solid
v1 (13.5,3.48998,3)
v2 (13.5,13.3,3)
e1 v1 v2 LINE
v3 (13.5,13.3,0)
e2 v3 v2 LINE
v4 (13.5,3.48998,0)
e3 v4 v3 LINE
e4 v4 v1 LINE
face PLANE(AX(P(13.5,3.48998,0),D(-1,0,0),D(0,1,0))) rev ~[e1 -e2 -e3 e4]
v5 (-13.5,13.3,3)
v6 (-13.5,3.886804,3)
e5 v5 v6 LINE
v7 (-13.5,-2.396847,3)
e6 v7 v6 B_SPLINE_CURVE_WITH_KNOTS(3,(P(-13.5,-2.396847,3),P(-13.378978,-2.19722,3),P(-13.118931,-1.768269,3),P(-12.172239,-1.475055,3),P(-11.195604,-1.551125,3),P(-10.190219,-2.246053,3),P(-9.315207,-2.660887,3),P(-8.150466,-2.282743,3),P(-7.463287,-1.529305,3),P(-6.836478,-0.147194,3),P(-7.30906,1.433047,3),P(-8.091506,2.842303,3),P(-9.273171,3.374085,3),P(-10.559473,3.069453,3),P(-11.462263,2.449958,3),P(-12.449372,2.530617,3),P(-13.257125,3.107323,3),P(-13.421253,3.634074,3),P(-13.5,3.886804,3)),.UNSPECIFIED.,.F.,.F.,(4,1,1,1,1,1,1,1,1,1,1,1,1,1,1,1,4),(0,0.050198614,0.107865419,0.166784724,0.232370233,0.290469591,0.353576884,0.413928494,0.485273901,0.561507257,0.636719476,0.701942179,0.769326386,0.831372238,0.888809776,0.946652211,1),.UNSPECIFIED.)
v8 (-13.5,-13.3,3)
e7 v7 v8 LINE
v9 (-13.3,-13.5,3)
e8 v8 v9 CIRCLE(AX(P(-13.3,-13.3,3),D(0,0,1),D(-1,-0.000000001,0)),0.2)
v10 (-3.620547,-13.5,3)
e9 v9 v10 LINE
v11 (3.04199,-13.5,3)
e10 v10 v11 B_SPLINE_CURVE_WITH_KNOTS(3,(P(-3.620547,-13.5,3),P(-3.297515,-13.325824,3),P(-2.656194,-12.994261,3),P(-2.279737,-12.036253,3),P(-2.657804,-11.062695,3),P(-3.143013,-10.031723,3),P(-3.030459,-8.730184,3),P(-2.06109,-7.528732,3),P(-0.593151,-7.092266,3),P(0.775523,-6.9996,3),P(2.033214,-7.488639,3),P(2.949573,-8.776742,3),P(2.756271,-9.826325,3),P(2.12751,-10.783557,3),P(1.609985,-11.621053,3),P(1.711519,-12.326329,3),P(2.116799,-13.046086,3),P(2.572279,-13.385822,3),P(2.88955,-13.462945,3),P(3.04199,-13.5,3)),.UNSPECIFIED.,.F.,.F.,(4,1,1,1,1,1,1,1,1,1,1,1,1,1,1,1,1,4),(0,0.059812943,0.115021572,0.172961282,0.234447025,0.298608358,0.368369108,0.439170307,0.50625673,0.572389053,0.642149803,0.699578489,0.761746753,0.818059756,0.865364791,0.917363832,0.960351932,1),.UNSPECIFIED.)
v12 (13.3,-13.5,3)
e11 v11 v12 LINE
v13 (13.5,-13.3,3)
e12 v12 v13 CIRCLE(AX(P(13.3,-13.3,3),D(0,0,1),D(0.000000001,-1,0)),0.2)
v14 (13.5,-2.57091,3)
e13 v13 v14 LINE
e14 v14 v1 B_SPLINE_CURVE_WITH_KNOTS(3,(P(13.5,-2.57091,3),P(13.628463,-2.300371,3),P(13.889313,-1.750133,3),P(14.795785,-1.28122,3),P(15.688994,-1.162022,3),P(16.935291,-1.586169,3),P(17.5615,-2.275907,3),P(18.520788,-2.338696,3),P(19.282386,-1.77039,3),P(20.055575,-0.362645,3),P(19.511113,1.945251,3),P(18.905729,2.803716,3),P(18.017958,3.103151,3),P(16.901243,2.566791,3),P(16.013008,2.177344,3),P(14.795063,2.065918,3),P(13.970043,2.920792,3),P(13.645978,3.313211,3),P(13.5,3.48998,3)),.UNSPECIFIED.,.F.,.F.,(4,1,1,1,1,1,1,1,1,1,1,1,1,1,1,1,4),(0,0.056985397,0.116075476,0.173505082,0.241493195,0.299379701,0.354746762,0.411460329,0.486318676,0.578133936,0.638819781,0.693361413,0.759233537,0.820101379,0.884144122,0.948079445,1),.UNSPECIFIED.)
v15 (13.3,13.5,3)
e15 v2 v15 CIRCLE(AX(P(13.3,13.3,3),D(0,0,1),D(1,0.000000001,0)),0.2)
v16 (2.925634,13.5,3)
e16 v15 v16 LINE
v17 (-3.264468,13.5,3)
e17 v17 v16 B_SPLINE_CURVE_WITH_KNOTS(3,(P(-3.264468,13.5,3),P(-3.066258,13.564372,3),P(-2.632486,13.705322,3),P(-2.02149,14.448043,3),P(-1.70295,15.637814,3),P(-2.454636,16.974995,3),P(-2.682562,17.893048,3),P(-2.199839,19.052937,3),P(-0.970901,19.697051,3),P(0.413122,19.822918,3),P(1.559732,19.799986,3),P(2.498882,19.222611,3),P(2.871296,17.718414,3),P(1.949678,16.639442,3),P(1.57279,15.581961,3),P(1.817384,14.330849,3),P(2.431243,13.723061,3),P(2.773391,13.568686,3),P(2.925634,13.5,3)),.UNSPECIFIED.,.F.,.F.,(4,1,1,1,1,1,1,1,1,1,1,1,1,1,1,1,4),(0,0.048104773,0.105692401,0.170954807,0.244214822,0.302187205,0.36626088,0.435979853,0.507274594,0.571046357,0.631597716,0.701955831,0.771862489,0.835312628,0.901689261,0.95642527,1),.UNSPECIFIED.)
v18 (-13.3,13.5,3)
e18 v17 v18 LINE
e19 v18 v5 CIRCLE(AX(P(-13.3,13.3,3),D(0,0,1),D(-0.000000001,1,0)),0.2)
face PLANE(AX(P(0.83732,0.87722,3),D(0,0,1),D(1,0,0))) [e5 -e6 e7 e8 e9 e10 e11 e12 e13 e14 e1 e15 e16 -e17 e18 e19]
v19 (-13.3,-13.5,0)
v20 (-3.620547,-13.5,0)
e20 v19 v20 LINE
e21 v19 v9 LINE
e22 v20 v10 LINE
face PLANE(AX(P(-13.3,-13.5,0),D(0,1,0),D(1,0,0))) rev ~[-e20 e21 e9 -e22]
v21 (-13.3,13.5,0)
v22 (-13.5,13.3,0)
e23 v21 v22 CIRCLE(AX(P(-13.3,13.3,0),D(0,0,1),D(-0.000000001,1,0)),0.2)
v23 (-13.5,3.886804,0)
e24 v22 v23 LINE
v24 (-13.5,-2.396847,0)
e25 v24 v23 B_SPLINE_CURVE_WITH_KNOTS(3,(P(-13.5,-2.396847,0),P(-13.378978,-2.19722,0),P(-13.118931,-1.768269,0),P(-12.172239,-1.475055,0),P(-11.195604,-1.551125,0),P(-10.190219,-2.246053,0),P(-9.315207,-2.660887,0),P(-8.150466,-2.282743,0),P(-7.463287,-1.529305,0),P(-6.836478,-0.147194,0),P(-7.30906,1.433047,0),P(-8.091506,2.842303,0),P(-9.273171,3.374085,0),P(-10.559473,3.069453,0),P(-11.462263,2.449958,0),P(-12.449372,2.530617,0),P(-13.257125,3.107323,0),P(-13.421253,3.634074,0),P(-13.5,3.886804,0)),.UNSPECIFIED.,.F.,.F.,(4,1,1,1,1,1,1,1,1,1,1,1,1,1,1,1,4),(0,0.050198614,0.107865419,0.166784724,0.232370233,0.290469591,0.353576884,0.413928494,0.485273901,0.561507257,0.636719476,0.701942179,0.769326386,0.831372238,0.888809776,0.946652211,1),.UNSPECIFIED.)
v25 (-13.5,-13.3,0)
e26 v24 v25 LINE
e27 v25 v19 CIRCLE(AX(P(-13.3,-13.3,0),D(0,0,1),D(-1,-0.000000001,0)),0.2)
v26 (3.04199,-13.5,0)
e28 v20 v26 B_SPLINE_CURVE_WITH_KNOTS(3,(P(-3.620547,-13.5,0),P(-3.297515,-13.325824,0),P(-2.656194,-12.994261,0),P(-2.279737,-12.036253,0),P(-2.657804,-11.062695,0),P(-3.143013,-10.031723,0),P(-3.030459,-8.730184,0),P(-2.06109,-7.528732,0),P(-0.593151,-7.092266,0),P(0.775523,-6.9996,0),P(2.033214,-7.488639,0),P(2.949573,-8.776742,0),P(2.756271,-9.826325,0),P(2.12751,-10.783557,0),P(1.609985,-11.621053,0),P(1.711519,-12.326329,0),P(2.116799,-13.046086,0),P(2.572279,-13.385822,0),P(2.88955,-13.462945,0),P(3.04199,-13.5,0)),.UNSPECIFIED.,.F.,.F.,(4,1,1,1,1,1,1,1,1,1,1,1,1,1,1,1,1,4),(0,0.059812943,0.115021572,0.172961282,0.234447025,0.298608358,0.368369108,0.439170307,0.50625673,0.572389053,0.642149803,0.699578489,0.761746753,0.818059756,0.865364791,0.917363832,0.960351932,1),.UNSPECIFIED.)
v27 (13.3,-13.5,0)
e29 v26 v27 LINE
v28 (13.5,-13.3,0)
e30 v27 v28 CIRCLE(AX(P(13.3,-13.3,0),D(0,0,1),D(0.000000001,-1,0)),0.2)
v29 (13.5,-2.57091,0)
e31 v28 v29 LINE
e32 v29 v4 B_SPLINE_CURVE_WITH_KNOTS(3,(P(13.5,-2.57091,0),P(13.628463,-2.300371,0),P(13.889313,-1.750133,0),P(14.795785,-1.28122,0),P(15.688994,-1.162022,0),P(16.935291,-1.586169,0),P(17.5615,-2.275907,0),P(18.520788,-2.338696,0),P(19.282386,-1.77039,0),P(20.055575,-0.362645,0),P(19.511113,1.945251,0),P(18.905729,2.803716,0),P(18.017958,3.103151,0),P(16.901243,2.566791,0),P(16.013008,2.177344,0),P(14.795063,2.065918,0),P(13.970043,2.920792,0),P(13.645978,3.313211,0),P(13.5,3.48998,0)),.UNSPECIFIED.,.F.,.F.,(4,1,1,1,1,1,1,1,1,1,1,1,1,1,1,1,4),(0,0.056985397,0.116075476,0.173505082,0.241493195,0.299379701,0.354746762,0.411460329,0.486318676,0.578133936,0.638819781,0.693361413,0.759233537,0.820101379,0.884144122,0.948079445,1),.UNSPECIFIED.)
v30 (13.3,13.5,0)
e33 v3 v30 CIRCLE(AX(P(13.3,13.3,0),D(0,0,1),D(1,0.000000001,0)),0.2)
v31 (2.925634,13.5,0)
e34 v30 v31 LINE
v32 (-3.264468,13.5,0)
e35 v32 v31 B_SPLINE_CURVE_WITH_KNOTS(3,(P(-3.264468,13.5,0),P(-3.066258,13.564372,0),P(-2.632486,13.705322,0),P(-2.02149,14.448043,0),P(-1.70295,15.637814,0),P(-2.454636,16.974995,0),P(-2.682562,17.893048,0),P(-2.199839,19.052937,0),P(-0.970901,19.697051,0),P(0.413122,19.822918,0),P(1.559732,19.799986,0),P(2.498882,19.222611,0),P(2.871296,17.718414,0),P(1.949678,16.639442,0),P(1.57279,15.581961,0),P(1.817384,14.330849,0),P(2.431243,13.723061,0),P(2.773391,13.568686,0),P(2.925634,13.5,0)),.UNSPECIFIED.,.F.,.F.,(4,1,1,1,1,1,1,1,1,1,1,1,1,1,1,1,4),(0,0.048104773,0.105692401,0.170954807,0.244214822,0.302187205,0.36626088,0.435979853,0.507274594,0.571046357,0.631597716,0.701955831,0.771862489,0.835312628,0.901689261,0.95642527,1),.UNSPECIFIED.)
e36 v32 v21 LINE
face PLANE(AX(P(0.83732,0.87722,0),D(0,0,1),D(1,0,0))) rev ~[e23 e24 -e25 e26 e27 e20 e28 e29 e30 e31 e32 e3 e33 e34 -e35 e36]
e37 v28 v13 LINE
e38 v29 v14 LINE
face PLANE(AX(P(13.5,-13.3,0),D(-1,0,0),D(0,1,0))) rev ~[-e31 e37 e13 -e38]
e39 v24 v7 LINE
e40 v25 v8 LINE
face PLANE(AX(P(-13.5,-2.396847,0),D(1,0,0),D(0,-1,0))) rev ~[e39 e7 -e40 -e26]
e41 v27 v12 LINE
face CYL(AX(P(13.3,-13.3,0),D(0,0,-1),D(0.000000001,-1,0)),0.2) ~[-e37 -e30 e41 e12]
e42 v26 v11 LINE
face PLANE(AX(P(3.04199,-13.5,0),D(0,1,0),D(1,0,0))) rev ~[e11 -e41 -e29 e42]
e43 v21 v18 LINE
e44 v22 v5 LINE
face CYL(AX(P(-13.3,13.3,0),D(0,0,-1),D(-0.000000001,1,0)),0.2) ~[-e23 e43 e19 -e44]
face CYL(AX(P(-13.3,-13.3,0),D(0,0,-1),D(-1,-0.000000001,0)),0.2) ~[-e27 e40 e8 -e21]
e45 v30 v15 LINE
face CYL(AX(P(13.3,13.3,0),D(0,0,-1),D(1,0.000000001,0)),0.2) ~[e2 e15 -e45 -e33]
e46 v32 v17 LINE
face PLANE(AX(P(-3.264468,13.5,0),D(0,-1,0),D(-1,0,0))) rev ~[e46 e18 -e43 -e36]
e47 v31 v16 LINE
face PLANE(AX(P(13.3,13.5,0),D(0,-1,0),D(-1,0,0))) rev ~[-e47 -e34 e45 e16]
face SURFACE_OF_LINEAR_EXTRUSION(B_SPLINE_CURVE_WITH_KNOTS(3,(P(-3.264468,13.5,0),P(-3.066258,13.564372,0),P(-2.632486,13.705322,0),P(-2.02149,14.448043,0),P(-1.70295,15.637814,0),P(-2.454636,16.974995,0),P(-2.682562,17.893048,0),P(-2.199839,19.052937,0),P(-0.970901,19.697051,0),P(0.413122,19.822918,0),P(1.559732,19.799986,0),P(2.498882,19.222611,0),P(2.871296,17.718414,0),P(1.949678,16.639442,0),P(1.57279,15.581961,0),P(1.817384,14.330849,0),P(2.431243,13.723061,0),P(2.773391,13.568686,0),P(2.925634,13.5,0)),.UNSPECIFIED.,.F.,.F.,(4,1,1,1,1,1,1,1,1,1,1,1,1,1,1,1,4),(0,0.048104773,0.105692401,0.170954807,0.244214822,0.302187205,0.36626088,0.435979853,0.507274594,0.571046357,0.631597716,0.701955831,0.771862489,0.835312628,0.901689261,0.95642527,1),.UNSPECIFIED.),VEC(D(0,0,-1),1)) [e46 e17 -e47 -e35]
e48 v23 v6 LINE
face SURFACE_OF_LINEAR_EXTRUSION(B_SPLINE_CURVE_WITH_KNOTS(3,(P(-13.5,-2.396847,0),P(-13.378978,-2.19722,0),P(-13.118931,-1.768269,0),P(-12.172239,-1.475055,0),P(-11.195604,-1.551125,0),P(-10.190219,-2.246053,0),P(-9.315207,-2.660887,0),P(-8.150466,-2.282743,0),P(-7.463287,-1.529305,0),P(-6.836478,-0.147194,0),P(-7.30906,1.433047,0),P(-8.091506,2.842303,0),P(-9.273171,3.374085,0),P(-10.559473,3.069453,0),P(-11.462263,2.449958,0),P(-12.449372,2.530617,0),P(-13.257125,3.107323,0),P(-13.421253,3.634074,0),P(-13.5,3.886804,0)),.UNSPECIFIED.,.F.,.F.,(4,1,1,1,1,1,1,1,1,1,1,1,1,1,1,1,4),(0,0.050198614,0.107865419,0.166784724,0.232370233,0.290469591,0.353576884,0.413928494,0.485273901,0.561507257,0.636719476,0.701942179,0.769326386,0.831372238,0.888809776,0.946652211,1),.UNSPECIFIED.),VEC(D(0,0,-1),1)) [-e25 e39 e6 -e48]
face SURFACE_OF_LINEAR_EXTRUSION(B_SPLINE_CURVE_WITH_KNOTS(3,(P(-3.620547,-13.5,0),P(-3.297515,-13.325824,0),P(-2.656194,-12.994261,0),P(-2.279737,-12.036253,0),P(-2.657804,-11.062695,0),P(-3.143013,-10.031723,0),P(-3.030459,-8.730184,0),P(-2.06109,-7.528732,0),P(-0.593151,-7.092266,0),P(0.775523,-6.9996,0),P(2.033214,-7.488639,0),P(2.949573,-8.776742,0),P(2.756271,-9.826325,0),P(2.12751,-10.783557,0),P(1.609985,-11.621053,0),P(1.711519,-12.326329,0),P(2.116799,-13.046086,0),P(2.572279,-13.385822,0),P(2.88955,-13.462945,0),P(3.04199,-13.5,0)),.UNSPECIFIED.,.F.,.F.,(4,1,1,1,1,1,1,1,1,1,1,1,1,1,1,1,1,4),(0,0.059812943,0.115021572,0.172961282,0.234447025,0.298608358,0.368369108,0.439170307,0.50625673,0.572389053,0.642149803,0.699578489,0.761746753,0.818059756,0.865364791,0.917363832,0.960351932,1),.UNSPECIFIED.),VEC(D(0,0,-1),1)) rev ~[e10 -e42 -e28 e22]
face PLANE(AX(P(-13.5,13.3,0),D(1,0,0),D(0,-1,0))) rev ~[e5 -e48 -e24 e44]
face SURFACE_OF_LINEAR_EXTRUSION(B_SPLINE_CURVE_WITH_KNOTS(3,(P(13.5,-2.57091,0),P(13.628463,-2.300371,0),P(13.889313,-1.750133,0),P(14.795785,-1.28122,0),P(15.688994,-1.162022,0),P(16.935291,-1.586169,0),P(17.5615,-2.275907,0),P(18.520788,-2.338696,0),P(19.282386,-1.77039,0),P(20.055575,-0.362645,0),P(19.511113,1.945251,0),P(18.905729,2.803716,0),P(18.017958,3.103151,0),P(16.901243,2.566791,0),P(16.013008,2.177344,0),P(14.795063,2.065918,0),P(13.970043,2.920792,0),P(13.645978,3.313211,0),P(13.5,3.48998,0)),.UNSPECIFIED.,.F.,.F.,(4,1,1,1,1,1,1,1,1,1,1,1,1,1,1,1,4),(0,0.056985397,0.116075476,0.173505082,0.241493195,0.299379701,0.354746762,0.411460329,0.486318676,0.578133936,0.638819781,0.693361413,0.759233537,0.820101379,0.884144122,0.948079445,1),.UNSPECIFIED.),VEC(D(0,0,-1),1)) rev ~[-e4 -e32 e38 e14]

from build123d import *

# Parameters (mm, degrees)
F1_DEPTH = 3


with BuildPart() as f1:
    # F0 (on Top) → F1 (new body)
    with BuildSketch(Plane.XY):
        with BuildLine():
            ThreePointArc((13.5, 13.3), (13.4414213562, 13.4414213562), (13.3, 13.5))
            Line((13.3, 13.5), (2.9256343842, 13.5))
            add(Edge.make_bspline(
                [(-3.2644683961, 13.5), (-3.0662583303, 13.5643722856), (-2.6324860948, 13.7053217975), (-2.0214898286, 14.4480430011), (-1.7029504095, 15.6378141853), (-2.454635947, 16.9749947252), (-2.6825620876, 17.8930480594), (-2.1998393302, 19.0529371989), (-0.9709012497, 19.6970512849), (0.4131217639, 19.8229181104), (1.5597323958, 19.7999856425), (2.4988822823, 19.222611148), (2.8712958256, 17.718413716), (1.9496781128, 16.6394424874), (1.5727900913, 15.5819611572), (1.8173841083, 14.3308485023), (2.4312427486, 13.7230605422), (2.7733910569, 13.5686859722), (2.9256343842, 13.5)],
                knots=[0, 0, 0, 0, 0.0481047731, 0.1056924007, 0.1709548073, 0.2442148218, 0.3021872049, 0.3662608804, 0.4359798529, 0.5072745935, 0.5710463572, 0.6315977165, 0.7019558313, 0.771862489, 0.8353126276, 0.901689261, 0.9564252703, 1, 1, 1, 1], degree=3))
            Line((-3.2644683961, 13.5), (-13.3, 13.5))
            ThreePointArc((-13.3, 13.5), (-13.4414213562, 13.4414213562), (-13.5, 13.3))
            Line((-13.5, 13.3), (-13.5, 3.886803519))
            add(Edge.make_bspline(
                [(-13.5, -2.3968466558), (-13.3789784649, -2.1972202768), (-13.1189306765, -1.7682685345), (-12.1722390274, -1.4750552096), (-11.1956038033, -1.5511248412), (-10.1902186005, -2.246052558), (-9.3152066502, -2.6608872228), (-8.1504660707, -2.2827425138), (-7.4632869083, -1.5293052696), (-6.8364784933, -0.147193507), (-7.3090602774, 1.4330470181), (-8.091505777, 2.8423030328), (-9.2731709944, 3.3740848305), (-10.5594727406, 3.0694529115), (-11.4622628933, 2.4499575795), (-12.4493716192, 2.5306165867), (-13.2571252505, 3.107323326), (-13.4212532671, 3.634074412), (-13.5, 3.886803519)],
                knots=[0, 0, 0, 0, 0.0501986144, 0.1078654194, 0.1667847244, 0.2323702335, 0.2904695912, 0.3535768836, 0.4139284941, 0.4852739012, 0.5615072568, 0.636719476, 0.7019421789, 0.7693263861, 0.8313722384, 0.8888097761, 0.9466522106, 1, 1, 1, 1], degree=3))
            Line((-13.5, -2.3968466558), (-13.5, -13.3))
            ThreePointArc((-13.5, -13.3), (-13.4414213562, -13.4414213562), (-13.3, -13.5))
            Line((-13.3, -13.5), (-3.6205472425, -13.5))
            add(Edge.make_bspline(
                [(-3.6205472425, -13.5), (-3.2975146167, -13.3258239693), (-2.6561943668, -12.994260843), (-2.2797365706, -12.0362531682), (-2.6578044293, -11.0626950095), (-3.1430128025, -10.0317229999), (-3.0304591906, -8.7301835607), (-2.0610902167, -7.5287321485), (-0.5931512777, -7.0922658891), (0.7755230635, -6.9995996909), (2.0332139986, -7.4886393868), (2.9495725667, -8.7767418293), (2.7562709245, -9.8263251423), (2.1275097556, -10.7835574391), (1.6099847402, -11.6210528717), (1.7115193902, -12.3263292222), (2.1167993477, -13.0460856488), (2.5722790527, -13.3858216671), (2.8895502877, -13.4629446149), (3.0419901013, -13.5)],
                knots=[0, 0, 0, 0, 0.0598129427, 0.1150215718, 0.1729612819, 0.2344470247, 0.2986083576, 0.3683691077, 0.4391703068, 0.5062567297, 0.572389053, 0.6421498026, 0.6995784886, 0.7617467532, 0.8180597561, 0.8653647906, 0.9173638322, 0.9603519319, 1, 1, 1, 1], degree=3))
            Line((3.0419901013, -13.5), (13.3, -13.5))
            ThreePointArc((13.3, -13.5), (13.4414213562, -13.4414213562), (13.5, -13.3))
            Line((13.5, -13.3), (13.5, -2.5709099136))
            add(Edge.make_bspline(
                [(13.5, -2.5709099136), (13.628463163, -2.3003713866), (13.8893131094, -1.7501329843), (14.7957852883, -1.2812195392), (15.6889943276, -1.1620222136), (16.9352909856, -1.5861694209), (17.5615004743, -2.2759073552), (18.520788497, -2.3386956084), (19.2823857543, -1.7703899461), (20.0555746909, -0.3626453228), (19.5111131919, 1.9452509021), (18.9057292582, 2.8037158942), (18.01795778, 3.1031513991), (16.9012433501, 2.566791203), (16.0130080676, 2.1773441781), (14.7950629009, 2.0659181879), (13.9700433975, 2.9207915143), (13.6459783293, 3.3132113609), (13.5, 3.4899804741)],
                knots=[0, 0, 0, 0, 0.0569853971, 0.1160754763, 0.173505082, 0.2414931948, 0.2993797012, 0.3547467615, 0.4114603288, 0.4863186761, 0.5781339361, 0.6388197812, 0.6933614125, 0.7592335366, 0.8201013787, 0.8841441218, 0.948079445, 1, 1, 1, 1], degree=3))
            Line((13.5, 3.4899804741), (13.5, 13.3))
        make_face()
    extrude(amount=F1_DEPTH)


solid = f1.part
